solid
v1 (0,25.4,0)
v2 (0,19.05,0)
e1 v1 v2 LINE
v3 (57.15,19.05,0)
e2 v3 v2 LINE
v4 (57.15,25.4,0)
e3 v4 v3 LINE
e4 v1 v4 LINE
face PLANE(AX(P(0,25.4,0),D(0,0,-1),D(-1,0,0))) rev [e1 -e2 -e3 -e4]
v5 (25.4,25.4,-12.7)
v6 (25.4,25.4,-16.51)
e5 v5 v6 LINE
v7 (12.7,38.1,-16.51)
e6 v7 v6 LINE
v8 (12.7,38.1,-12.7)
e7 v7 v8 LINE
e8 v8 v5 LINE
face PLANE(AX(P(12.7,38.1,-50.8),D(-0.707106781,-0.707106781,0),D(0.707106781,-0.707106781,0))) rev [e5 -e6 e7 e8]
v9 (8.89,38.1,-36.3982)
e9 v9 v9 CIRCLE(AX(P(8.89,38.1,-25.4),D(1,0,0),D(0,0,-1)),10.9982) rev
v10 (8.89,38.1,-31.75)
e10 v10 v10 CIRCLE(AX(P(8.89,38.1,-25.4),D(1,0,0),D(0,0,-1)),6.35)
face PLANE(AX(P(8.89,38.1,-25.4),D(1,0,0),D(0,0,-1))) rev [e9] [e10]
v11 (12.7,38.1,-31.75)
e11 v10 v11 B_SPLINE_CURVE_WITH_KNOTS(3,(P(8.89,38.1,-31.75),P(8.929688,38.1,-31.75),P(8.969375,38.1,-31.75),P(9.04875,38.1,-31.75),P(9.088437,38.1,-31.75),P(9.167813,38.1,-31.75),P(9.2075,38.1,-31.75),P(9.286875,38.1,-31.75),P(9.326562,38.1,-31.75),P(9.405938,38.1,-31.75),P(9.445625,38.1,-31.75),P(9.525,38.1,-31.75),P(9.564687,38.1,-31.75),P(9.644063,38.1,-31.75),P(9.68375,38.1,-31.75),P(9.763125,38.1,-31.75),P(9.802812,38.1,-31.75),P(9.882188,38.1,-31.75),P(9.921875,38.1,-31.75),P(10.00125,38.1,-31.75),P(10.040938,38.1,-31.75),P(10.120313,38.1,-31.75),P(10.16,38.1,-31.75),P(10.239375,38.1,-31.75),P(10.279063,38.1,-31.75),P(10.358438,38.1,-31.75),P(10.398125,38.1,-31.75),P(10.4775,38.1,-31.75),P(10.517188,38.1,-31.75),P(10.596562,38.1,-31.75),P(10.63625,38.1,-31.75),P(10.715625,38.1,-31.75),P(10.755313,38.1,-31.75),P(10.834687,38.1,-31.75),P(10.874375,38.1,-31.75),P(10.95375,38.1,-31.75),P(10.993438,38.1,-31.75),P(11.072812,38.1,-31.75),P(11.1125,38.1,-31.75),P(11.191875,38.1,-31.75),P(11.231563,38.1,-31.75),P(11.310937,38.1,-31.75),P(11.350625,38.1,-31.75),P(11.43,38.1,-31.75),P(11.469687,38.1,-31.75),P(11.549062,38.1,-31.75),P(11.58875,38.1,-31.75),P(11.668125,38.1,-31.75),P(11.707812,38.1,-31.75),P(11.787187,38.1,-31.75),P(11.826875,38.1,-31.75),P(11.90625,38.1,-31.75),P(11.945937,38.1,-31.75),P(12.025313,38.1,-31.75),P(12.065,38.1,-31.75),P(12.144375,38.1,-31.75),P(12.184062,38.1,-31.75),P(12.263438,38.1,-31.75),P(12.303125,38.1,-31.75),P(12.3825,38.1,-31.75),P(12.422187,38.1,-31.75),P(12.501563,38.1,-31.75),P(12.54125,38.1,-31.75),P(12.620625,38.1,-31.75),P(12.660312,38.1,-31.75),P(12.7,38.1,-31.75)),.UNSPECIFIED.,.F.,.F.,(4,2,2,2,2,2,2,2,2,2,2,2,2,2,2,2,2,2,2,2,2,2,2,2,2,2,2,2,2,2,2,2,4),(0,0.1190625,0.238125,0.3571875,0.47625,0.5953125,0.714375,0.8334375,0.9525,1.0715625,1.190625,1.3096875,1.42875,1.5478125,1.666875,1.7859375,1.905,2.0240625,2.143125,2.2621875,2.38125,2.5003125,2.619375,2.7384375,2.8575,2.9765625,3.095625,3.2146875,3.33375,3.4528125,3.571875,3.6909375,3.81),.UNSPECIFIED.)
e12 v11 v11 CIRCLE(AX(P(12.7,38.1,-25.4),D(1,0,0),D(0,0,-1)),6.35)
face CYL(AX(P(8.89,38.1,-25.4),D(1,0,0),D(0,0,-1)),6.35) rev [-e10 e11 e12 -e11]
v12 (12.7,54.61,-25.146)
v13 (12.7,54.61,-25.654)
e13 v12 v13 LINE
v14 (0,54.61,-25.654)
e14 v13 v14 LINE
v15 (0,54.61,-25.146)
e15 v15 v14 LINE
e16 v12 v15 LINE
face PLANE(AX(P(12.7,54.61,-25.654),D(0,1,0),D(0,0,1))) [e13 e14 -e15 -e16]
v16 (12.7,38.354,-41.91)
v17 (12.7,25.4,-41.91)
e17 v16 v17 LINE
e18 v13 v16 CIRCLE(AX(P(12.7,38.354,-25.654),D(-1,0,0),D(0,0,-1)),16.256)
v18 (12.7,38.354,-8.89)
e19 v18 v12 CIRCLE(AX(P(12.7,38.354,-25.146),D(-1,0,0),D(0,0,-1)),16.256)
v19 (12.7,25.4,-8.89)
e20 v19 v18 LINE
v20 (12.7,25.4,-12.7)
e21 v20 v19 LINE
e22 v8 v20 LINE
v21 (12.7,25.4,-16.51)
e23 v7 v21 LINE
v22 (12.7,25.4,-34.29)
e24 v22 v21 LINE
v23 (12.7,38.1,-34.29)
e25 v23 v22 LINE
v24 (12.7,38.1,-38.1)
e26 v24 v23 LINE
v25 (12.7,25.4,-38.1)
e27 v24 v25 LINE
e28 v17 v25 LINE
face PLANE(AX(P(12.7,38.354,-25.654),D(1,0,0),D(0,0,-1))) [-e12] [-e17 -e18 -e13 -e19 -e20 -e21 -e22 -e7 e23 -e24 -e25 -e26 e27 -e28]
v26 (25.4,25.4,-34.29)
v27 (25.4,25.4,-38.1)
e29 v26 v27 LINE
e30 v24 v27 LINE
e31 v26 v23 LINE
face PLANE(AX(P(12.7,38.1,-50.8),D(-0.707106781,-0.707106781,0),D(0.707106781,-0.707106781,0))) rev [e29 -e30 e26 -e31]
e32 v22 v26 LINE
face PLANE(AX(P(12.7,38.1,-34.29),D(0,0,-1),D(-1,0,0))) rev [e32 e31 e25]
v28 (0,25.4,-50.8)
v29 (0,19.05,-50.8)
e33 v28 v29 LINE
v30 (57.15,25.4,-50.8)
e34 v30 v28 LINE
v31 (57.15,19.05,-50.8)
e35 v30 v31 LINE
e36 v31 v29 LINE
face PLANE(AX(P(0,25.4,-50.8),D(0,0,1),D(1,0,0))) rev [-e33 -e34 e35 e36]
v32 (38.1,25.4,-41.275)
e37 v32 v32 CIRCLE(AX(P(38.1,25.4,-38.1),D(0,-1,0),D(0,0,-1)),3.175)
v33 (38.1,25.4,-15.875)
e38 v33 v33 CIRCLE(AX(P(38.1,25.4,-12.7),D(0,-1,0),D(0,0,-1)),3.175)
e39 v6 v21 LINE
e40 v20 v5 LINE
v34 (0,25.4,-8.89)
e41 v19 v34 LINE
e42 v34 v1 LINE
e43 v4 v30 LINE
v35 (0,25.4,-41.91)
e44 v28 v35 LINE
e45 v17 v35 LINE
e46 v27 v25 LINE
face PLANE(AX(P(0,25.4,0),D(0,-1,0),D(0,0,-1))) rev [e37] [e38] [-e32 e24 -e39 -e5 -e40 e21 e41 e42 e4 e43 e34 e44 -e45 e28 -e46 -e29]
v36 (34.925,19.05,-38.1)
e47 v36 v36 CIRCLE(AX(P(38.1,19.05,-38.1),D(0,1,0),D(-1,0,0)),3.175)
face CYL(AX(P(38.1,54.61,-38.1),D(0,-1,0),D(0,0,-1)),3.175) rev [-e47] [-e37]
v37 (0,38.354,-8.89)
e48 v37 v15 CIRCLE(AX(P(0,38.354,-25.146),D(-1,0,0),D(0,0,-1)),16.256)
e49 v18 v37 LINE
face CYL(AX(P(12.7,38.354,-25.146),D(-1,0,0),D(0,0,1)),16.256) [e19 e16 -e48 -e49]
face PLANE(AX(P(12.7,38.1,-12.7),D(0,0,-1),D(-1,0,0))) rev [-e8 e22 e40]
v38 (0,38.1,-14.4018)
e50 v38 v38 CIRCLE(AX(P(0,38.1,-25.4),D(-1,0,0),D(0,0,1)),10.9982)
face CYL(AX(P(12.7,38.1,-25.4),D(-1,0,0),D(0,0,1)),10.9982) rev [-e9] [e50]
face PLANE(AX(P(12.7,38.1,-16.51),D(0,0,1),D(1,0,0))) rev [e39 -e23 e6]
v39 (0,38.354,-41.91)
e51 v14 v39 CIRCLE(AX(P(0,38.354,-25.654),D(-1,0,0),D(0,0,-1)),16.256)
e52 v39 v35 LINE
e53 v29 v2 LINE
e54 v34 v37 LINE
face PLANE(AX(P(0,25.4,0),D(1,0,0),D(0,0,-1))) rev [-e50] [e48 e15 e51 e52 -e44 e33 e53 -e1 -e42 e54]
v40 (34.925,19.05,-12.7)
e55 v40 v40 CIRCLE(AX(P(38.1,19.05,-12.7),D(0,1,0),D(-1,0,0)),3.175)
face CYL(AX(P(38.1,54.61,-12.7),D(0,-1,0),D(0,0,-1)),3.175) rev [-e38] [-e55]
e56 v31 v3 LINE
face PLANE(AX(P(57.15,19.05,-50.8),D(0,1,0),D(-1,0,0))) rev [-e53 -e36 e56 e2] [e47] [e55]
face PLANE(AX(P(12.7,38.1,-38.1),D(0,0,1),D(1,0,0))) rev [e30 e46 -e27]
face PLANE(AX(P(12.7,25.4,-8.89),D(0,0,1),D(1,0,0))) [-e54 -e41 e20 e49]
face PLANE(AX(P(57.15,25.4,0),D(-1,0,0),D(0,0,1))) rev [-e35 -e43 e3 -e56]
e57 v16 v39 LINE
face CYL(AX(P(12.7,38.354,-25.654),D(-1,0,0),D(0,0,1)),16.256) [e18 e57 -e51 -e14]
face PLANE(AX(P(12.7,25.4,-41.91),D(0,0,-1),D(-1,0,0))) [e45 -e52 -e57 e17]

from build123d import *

# Parameters (mm, degrees)
SKETCH1_W           = 57.15
SKETCH1_H           = 50.8
BOSS_EXTRUDE1_DEPTH = 25.4
SKETCH2_W           = 50.8
SKETCH2_H           = 12.7
CUT_EXTRUDE1_DEPTH  = 81.572467382
SKETCH4_R           = 10.9982
BOSS_EXTRUDE2_DEPTH = 12.7
BOSS_EXTRUDE3_START = -3.81
SKETCH5_R           = 10.9982
SKETCH5_R_2         = 6.35
BOSS_EXTRUDE3_DEPTH = 3.81
SKETCH8_R           = 3.175
CUT_EXTRUDE2_DEPTH  = 94.962836271
SKETCH9_W           = 12.7
SKETCH9_H           = 3.81
BOSS_EXTRUDE5_DEPTH = 12.7
CUT_EXTRUDE3_DEPTH  = 88.749556124
CUT_EXTRUDE4_DEPTH  = 94.962836271


with BuildPart() as part:
    # Sketch1 → Boss-Extrude1 (new body)
    with BuildSketch(Plane(origin=(0, 0, 0), x_dir=(1, 0, 0), z_dir=(0, 1, 0))):
        with Locations((28.575, 25.4)):
            Rectangle(SKETCH1_W, SKETCH1_H)
    extrude(amount=BOSS_EXTRUDE1_DEPTH)

    # Sketch2 → Cut-Extrude1 (cut, through all)
    with BuildSketch(Plane.XY):
        with Locations((31.75, 12.7)):
            Rectangle(SKETCH2_W, SKETCH2_H)
    extrude(amount=-CUT_EXTRUDE1_DEPTH, mode=Mode.SUBTRACT)

    # Sketch4 → Boss-Extrude2 (add)
    with BuildSketch(Plane.ZY):
        with BuildLine():
            Line((-41.91, 25.4), (-8.89, 25.4))
            Line((-8.89, 25.4), (-8.89, 38.354))
            ThreePointArc((-8.89, 38.354), (-13.651272165, 49.848727835), (-25.146, 54.61))
            Line((-25.146, 54.61), (-25.654, 54.61))
            ThreePointArc((-25.654, 54.61), (-37.148727835, 49.848727835), (-41.91, 38.354))
            Line((-41.91, 38.354), (-41.91, 25.4))
        make_face()
        with Locations((-25.4, 38.1)):
            Circle(SKETCH4_R, mode=Mode.SUBTRACT)
    extrude(amount=-BOSS_EXTRUDE2_DEPTH)

    # Sketch5 → Boss-Extrude3 (add)
    with BuildSketch(Plane(origin=(12.7, 0, 0), x_dir=(0, 0, -1), z_dir=(1, 0, 0)).offset(BOSS_EXTRUDE3_START)):
        with Locations(Location((25.4, 38.1, 0), (0, 0, 180))):
            Circle(SKETCH5_R)
        with Locations((25.4, 38.1)):
            Circle(SKETCH5_R_2, mode=Mode.SUBTRACT)
    extrude(amount=BOSS_EXTRUDE3_DEPTH)

    # Sketch8 → Cut-Extrude2 (cut, through all)
    with BuildSketch(Plane.XZ):
        with Locations(Location((38.1, -38.1, 0), (0, 0, 270))):
            Circle(SKETCH8_R)
        with Locations(Location((38.1, -12.7, 0), (0, 0, 270))):
            Circle(SKETCH8_R)
    extrude(amount=-CUT_EXTRUDE2_DEPTH, mode=Mode.SUBTRACT)

    # Sketch9 → Boss-Extrude5 (add)
    with BuildSketch(Plane(origin=(0, 25.4, 0), x_dir=(1, 0, 0), z_dir=(0, 1, 0))):
        with Locations((19.05, 14.605)):
            Rectangle(SKETCH9_W, SKETCH9_H)
        with Locations((19.05, 36.195)):
            Rectangle(SKETCH9_W, SKETCH9_H)
    extrude(amount=BOSS_EXTRUDE5_DEPTH)

    # Sketch10 → Cut-Extrude3 (cut, through all)
    with BuildSketch(Plane.XY.offset(-12.7)):
        Polygon((25.4, 25.4), (25.4, 38.1), (12.7, 38.1), align=None)
    extrude(amount=-CUT_EXTRUDE3_DEPTH, mode=Mode.SUBTRACT)

    # Sketch11 → Cut-Extrude4 (cut, through all)
    with BuildSketch(Plane.XY):
        Polygon((6.35, 6.35), (6.35, 19.05), (0, 19.05), (0, 0), (57.15, 0), (57.15, 6.35), align=None)
    extrude(amount=-CUT_EXTRUDE4_DEPTH, mode=Mode.SUBTRACT)


solid = part.part
